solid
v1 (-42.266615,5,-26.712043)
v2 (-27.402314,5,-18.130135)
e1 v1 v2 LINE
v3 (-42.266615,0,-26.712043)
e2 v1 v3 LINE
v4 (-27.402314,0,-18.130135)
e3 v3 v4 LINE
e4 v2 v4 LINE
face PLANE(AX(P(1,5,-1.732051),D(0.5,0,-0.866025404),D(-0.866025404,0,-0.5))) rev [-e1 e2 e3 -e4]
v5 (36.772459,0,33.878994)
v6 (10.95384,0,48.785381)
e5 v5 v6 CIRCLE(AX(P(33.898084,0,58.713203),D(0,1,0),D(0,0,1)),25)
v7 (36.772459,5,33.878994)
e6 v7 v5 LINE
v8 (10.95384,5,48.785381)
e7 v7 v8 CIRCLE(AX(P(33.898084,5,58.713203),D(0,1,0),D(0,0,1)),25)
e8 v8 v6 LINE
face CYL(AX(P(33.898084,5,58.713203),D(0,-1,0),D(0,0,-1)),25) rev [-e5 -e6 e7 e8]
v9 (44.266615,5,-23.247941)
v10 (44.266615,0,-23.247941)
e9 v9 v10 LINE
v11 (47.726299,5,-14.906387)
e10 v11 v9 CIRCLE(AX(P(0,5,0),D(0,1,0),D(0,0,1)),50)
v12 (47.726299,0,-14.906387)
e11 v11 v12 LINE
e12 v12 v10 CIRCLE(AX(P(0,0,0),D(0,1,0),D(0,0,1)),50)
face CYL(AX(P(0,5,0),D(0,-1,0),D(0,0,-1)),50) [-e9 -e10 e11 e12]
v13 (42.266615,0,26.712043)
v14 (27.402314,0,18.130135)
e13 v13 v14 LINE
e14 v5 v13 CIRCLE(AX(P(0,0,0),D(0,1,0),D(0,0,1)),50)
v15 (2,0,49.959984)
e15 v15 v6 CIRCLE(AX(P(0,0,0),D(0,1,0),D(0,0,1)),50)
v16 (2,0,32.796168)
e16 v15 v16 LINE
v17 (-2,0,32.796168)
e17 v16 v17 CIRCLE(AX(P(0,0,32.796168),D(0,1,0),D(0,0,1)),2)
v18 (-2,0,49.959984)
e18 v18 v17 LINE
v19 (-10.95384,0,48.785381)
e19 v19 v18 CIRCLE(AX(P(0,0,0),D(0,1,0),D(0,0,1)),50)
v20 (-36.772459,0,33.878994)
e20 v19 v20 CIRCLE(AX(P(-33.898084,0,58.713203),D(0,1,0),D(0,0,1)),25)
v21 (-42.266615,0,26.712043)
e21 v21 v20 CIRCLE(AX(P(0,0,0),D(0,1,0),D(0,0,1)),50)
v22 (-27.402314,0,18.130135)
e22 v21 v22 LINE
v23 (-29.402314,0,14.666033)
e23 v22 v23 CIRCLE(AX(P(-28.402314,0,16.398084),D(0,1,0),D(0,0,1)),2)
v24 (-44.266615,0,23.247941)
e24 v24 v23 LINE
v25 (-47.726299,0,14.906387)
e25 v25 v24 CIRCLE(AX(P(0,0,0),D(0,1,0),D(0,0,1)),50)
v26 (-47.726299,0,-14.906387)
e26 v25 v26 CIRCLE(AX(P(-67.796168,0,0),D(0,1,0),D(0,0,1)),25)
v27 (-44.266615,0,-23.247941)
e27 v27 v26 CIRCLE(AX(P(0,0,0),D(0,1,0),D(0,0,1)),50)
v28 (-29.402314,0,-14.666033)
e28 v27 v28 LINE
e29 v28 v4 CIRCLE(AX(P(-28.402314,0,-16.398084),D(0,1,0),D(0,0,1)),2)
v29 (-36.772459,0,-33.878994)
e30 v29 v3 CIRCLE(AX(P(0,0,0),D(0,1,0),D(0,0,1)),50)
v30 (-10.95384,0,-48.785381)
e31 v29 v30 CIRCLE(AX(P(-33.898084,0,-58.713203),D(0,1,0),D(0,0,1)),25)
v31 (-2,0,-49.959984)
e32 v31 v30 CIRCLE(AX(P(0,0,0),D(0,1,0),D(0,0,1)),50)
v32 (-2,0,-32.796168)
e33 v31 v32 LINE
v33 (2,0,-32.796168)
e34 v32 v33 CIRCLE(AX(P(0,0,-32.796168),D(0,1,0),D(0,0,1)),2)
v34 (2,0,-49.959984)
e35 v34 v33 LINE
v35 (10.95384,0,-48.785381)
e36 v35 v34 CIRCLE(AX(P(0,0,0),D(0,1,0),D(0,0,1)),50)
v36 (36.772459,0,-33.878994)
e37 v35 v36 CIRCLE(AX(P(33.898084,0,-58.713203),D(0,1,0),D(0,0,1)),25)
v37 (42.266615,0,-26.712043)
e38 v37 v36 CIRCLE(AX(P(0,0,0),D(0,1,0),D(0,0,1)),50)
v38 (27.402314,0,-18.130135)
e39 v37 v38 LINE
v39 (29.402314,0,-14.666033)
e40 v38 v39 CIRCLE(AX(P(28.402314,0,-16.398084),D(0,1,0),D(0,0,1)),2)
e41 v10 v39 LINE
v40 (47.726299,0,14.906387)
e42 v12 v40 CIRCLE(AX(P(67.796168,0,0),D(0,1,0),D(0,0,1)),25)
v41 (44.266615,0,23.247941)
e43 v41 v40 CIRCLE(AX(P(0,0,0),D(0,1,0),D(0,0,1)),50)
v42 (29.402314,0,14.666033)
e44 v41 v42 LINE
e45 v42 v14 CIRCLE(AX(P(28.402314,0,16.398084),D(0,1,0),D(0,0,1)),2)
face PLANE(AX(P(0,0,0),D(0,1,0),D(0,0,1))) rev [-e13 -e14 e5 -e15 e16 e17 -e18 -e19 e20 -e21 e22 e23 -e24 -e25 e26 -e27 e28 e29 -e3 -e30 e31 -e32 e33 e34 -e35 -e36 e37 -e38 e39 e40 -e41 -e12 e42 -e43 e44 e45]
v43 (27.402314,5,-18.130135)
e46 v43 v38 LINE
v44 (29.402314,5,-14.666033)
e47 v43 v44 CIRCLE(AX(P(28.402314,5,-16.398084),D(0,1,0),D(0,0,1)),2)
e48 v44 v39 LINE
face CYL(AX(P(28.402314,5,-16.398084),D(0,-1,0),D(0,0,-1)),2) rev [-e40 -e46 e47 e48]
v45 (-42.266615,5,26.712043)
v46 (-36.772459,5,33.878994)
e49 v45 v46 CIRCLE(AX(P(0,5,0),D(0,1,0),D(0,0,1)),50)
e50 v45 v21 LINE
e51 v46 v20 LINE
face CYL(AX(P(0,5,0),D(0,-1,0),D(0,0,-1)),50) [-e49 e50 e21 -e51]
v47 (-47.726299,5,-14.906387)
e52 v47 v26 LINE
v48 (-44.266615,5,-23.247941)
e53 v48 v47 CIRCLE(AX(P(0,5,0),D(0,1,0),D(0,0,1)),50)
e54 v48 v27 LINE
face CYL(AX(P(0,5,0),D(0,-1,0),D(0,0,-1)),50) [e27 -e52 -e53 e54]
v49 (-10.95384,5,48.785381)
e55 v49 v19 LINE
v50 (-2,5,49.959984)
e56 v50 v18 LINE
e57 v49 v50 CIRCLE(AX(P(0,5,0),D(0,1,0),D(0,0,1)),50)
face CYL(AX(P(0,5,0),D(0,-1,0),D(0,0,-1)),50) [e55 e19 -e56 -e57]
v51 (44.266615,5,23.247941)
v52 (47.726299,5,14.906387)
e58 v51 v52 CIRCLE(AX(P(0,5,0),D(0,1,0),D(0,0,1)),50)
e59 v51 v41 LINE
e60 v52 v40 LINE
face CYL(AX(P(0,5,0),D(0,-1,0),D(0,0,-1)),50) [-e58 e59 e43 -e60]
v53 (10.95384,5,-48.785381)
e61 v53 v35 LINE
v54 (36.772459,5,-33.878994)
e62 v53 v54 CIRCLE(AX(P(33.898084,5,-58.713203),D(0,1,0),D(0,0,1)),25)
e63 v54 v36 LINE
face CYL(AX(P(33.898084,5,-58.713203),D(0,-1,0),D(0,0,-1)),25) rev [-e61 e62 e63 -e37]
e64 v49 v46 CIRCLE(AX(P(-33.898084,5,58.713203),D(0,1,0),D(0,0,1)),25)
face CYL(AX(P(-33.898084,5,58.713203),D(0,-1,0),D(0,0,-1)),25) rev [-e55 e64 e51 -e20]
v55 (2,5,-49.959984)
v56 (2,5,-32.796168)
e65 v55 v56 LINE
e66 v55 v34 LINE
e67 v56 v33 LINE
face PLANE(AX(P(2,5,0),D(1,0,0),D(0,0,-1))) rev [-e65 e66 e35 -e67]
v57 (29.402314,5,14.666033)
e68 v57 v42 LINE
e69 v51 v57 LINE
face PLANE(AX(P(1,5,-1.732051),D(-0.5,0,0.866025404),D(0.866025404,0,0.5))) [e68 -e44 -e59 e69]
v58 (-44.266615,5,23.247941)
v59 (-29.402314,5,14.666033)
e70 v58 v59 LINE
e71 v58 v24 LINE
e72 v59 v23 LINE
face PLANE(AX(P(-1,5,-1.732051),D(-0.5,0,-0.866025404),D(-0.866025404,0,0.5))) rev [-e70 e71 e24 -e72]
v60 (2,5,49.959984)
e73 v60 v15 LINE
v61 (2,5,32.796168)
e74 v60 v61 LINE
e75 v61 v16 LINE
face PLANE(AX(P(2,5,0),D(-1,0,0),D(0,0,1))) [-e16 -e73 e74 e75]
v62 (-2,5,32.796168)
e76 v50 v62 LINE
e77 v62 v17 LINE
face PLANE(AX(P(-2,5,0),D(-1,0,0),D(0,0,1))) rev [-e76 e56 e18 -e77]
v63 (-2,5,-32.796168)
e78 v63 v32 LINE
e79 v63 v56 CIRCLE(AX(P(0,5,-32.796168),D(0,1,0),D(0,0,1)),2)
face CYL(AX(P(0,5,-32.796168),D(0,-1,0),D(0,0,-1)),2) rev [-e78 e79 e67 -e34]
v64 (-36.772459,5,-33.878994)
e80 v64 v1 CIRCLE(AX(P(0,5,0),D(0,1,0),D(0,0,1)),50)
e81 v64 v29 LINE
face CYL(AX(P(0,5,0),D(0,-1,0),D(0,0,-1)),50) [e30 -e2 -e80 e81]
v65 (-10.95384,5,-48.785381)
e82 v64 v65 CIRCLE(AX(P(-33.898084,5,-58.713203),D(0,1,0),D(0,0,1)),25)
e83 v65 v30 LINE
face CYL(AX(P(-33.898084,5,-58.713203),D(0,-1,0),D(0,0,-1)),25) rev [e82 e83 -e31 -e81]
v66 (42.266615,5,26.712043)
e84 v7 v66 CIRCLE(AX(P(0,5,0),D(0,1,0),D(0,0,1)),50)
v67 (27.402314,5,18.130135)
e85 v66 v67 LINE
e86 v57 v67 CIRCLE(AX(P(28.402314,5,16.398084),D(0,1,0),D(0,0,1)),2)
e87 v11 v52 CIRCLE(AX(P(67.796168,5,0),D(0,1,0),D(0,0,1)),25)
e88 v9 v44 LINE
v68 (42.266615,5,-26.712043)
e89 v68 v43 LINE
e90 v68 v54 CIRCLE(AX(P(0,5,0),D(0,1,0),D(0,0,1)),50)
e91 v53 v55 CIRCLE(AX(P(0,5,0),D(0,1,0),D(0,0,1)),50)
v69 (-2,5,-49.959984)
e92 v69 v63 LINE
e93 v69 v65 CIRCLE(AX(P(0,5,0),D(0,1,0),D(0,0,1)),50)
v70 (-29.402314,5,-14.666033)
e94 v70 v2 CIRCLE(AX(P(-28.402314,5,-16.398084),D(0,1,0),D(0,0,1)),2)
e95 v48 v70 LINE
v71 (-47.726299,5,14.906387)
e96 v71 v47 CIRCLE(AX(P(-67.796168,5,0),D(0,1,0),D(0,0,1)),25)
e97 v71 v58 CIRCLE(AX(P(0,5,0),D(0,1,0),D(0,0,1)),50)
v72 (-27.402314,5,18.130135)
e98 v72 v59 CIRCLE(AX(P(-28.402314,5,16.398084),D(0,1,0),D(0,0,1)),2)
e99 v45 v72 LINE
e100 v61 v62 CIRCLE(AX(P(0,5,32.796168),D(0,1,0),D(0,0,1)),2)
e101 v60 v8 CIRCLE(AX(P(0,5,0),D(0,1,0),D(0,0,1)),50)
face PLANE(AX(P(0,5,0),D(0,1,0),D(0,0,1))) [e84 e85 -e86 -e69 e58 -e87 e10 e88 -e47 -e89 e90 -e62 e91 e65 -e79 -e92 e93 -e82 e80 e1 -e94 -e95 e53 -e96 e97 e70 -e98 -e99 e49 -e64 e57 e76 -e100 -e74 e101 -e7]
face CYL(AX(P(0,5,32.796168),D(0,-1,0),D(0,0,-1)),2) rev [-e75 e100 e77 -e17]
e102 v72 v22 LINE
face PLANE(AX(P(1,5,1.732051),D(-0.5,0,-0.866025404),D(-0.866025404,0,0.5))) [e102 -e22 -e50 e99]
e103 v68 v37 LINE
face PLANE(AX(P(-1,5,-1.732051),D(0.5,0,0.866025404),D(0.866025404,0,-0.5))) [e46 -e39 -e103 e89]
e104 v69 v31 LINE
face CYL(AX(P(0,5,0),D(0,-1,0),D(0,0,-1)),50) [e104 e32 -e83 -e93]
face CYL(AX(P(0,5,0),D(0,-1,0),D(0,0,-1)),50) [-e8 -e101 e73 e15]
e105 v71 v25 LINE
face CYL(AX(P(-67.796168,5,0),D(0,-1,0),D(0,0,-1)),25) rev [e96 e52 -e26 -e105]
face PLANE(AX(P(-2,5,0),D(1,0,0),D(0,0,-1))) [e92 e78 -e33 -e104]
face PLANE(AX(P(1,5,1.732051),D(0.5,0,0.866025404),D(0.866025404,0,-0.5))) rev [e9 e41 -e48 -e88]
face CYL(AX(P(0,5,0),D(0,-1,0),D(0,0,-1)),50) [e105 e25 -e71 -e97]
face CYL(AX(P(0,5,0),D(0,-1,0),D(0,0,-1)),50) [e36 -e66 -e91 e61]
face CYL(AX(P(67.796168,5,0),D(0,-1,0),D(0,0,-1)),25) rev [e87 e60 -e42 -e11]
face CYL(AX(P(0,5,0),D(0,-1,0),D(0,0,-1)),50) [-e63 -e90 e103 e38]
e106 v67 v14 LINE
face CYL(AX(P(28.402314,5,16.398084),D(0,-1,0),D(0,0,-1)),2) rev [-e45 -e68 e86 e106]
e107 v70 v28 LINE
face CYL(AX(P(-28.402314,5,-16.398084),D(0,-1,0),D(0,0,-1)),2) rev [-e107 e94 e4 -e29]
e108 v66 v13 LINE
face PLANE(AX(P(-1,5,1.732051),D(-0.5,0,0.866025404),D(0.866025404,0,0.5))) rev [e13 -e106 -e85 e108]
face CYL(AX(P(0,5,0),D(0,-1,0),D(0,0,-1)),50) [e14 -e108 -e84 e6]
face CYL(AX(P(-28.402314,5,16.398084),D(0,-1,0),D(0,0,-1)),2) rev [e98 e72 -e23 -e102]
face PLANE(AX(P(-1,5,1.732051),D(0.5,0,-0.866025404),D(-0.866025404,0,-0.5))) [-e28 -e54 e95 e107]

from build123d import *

# Parameters (mm, degrees)
BOSS_EXTRUDE1_DEPTH = 5


with BuildPart() as part:
    # Sketch1 → Boss-Extrude1 (new body)
    with BuildSketch(Plane(origin=(0, 0, 0), x_dir=(1, 0, 0), z_dir=(0, 1, 0))):
        with BuildLine():
            ThreePointArc((47.726299074, 14.90638711), (46.185164881, 19.155431211), (44.266615306, 23.247941186))
            Line((44.266615306, 23.247941186), (39.371782551, 20.421908177))
            ThreePointArc((39.371782551, 20.421908177), (32.796167617, 0), (39.371782551, -20.421908177))
            Line((39.371782551, -20.421908177), (44.266615306, -23.247941186))
            ThreePointArc((44.266615306, -23.247941186), (46.185164881, -19.155431211), (47.726299074, -14.90638711))
            ThreePointArc((47.726299074, -14.90638711), (42.796167617, 0), (47.726299074, 14.90638711))
        make_face()
        with BuildLine():
            ThreePointArc((39.371782551, -20.421908177), (32.796167617, 0), (39.371782551, 20.421908177))
            Line((39.371782551, 20.421908177), (29.402314303, 14.666033001))
            ThreePointArc((29.402314303, 14.666033001), (26.670263496, 15.398083809), (27.402314303, 18.130134616))
            Line((27.402314303, 18.130134616), (42.266615306, 26.712042801))
            ThreePointArc((42.266615306, 26.712042801), (39.68167249, 30.41981046), (36.772459453, 33.878993872))
            ThreePointArc((36.772459453, 33.878993872), (21.398083809, 37.062568341), (10.953839621, 48.785380982))
            ThreePointArc((10.953839621, 48.785380982), (6.503492392, 49.575241671), (2, 49.959983987))
            Line((2, 49.959983987), (2, 32.796167617))
            ThreePointArc((2, 32.796167617), (0, 30.796167617), (-2, 32.796167617))
            Line((-2, 32.796167617), (-2, 49.959983987))
            ThreePointArc((-2, 49.959983987), (-6.503492392, 49.575241671), (-10.953839621, 48.785380982))
            ThreePointArc((-10.953839621, 48.785380982), (-21.398083809, 37.062568341), (-36.772459453, 33.878993872))
            ThreePointArc((-36.772459453, 33.878993872), (-39.68167249, 30.41981046), (-42.266615306, 26.712042801))
            Line((-42.266615306, 26.712042801), (-27.402314303, 18.130134616))
            ThreePointArc((-27.402314303, 18.130134616), (-26.670263496, 15.398083809), (-29.402314303, 14.666033001))
            Line((-29.402314303, 14.666033001), (-44.266615306, 23.247941186))
            ThreePointArc((-44.266615306, 23.247941186), (-46.185164881, 19.155431211), (-47.726299074, 14.90638711))
            ThreePointArc((-47.726299074, 14.90638711), (-44.060680329, 7.850263895), (-42.796167617, 0))
            ThreePointArc((-42.796167617, 0), (-44.060680329, -7.850263895), (-47.726299074, -14.90638711))
            ThreePointArc((-47.726299074, -14.90638711), (-46.185164881, -19.155431211), (-44.266615306, -23.247941186))
            Line((-44.266615306, -23.247941186), (-29.402314303, -14.666033001))
            ThreePointArc((-29.402314303, -14.666033001), (-26.670263496, -15.398083809), (-27.402314303, -18.130134616))
            Line((-27.402314303, -18.130134616), (-42.266615306, -26.712042801))
            ThreePointArc((-42.266615306, -26.712042801), (-39.68167249, -30.41981046), (-36.772459453, -33.878993872))
            ThreePointArc((-36.772459453, -33.878993872), (-21.398083809, -37.062568341), (-10.953839621, -48.785380982))
            ThreePointArc((-10.953839621, -48.785380982), (-6.503492392, -49.575241671), (-2, -49.959983987))
            Line((-2, -49.959983987), (-2, -32.796167617))
            ThreePointArc((-2, -32.796167617), (0, -30.796167617), (2, -32.796167617))
            Line((2, -32.796167617), (2, -49.959983987))
            ThreePointArc((2, -49.959983987), (6.503492392, -49.575241671), (10.953839621, -48.785380982))
            ThreePointArc((10.953839621, -48.785380982), (21.398083809, -37.062568341), (36.772459453, -33.878993872))
            ThreePointArc((36.772459453, -33.878993872), (39.68167249, -30.41981046), (42.266615306, -26.712042801))
            Line((42.266615306, -26.712042801), (27.402314303, -18.130134616))
            ThreePointArc((27.402314303, -18.130134616), (26.670263496, -15.398083809), (29.402314303, -14.666033001))
            Line((29.402314303, -14.666033001), (39.371782551, -20.421908177))
        make_face()
    extrude(amount=BOSS_EXTRUDE1_DEPTH)


solid = part.part
